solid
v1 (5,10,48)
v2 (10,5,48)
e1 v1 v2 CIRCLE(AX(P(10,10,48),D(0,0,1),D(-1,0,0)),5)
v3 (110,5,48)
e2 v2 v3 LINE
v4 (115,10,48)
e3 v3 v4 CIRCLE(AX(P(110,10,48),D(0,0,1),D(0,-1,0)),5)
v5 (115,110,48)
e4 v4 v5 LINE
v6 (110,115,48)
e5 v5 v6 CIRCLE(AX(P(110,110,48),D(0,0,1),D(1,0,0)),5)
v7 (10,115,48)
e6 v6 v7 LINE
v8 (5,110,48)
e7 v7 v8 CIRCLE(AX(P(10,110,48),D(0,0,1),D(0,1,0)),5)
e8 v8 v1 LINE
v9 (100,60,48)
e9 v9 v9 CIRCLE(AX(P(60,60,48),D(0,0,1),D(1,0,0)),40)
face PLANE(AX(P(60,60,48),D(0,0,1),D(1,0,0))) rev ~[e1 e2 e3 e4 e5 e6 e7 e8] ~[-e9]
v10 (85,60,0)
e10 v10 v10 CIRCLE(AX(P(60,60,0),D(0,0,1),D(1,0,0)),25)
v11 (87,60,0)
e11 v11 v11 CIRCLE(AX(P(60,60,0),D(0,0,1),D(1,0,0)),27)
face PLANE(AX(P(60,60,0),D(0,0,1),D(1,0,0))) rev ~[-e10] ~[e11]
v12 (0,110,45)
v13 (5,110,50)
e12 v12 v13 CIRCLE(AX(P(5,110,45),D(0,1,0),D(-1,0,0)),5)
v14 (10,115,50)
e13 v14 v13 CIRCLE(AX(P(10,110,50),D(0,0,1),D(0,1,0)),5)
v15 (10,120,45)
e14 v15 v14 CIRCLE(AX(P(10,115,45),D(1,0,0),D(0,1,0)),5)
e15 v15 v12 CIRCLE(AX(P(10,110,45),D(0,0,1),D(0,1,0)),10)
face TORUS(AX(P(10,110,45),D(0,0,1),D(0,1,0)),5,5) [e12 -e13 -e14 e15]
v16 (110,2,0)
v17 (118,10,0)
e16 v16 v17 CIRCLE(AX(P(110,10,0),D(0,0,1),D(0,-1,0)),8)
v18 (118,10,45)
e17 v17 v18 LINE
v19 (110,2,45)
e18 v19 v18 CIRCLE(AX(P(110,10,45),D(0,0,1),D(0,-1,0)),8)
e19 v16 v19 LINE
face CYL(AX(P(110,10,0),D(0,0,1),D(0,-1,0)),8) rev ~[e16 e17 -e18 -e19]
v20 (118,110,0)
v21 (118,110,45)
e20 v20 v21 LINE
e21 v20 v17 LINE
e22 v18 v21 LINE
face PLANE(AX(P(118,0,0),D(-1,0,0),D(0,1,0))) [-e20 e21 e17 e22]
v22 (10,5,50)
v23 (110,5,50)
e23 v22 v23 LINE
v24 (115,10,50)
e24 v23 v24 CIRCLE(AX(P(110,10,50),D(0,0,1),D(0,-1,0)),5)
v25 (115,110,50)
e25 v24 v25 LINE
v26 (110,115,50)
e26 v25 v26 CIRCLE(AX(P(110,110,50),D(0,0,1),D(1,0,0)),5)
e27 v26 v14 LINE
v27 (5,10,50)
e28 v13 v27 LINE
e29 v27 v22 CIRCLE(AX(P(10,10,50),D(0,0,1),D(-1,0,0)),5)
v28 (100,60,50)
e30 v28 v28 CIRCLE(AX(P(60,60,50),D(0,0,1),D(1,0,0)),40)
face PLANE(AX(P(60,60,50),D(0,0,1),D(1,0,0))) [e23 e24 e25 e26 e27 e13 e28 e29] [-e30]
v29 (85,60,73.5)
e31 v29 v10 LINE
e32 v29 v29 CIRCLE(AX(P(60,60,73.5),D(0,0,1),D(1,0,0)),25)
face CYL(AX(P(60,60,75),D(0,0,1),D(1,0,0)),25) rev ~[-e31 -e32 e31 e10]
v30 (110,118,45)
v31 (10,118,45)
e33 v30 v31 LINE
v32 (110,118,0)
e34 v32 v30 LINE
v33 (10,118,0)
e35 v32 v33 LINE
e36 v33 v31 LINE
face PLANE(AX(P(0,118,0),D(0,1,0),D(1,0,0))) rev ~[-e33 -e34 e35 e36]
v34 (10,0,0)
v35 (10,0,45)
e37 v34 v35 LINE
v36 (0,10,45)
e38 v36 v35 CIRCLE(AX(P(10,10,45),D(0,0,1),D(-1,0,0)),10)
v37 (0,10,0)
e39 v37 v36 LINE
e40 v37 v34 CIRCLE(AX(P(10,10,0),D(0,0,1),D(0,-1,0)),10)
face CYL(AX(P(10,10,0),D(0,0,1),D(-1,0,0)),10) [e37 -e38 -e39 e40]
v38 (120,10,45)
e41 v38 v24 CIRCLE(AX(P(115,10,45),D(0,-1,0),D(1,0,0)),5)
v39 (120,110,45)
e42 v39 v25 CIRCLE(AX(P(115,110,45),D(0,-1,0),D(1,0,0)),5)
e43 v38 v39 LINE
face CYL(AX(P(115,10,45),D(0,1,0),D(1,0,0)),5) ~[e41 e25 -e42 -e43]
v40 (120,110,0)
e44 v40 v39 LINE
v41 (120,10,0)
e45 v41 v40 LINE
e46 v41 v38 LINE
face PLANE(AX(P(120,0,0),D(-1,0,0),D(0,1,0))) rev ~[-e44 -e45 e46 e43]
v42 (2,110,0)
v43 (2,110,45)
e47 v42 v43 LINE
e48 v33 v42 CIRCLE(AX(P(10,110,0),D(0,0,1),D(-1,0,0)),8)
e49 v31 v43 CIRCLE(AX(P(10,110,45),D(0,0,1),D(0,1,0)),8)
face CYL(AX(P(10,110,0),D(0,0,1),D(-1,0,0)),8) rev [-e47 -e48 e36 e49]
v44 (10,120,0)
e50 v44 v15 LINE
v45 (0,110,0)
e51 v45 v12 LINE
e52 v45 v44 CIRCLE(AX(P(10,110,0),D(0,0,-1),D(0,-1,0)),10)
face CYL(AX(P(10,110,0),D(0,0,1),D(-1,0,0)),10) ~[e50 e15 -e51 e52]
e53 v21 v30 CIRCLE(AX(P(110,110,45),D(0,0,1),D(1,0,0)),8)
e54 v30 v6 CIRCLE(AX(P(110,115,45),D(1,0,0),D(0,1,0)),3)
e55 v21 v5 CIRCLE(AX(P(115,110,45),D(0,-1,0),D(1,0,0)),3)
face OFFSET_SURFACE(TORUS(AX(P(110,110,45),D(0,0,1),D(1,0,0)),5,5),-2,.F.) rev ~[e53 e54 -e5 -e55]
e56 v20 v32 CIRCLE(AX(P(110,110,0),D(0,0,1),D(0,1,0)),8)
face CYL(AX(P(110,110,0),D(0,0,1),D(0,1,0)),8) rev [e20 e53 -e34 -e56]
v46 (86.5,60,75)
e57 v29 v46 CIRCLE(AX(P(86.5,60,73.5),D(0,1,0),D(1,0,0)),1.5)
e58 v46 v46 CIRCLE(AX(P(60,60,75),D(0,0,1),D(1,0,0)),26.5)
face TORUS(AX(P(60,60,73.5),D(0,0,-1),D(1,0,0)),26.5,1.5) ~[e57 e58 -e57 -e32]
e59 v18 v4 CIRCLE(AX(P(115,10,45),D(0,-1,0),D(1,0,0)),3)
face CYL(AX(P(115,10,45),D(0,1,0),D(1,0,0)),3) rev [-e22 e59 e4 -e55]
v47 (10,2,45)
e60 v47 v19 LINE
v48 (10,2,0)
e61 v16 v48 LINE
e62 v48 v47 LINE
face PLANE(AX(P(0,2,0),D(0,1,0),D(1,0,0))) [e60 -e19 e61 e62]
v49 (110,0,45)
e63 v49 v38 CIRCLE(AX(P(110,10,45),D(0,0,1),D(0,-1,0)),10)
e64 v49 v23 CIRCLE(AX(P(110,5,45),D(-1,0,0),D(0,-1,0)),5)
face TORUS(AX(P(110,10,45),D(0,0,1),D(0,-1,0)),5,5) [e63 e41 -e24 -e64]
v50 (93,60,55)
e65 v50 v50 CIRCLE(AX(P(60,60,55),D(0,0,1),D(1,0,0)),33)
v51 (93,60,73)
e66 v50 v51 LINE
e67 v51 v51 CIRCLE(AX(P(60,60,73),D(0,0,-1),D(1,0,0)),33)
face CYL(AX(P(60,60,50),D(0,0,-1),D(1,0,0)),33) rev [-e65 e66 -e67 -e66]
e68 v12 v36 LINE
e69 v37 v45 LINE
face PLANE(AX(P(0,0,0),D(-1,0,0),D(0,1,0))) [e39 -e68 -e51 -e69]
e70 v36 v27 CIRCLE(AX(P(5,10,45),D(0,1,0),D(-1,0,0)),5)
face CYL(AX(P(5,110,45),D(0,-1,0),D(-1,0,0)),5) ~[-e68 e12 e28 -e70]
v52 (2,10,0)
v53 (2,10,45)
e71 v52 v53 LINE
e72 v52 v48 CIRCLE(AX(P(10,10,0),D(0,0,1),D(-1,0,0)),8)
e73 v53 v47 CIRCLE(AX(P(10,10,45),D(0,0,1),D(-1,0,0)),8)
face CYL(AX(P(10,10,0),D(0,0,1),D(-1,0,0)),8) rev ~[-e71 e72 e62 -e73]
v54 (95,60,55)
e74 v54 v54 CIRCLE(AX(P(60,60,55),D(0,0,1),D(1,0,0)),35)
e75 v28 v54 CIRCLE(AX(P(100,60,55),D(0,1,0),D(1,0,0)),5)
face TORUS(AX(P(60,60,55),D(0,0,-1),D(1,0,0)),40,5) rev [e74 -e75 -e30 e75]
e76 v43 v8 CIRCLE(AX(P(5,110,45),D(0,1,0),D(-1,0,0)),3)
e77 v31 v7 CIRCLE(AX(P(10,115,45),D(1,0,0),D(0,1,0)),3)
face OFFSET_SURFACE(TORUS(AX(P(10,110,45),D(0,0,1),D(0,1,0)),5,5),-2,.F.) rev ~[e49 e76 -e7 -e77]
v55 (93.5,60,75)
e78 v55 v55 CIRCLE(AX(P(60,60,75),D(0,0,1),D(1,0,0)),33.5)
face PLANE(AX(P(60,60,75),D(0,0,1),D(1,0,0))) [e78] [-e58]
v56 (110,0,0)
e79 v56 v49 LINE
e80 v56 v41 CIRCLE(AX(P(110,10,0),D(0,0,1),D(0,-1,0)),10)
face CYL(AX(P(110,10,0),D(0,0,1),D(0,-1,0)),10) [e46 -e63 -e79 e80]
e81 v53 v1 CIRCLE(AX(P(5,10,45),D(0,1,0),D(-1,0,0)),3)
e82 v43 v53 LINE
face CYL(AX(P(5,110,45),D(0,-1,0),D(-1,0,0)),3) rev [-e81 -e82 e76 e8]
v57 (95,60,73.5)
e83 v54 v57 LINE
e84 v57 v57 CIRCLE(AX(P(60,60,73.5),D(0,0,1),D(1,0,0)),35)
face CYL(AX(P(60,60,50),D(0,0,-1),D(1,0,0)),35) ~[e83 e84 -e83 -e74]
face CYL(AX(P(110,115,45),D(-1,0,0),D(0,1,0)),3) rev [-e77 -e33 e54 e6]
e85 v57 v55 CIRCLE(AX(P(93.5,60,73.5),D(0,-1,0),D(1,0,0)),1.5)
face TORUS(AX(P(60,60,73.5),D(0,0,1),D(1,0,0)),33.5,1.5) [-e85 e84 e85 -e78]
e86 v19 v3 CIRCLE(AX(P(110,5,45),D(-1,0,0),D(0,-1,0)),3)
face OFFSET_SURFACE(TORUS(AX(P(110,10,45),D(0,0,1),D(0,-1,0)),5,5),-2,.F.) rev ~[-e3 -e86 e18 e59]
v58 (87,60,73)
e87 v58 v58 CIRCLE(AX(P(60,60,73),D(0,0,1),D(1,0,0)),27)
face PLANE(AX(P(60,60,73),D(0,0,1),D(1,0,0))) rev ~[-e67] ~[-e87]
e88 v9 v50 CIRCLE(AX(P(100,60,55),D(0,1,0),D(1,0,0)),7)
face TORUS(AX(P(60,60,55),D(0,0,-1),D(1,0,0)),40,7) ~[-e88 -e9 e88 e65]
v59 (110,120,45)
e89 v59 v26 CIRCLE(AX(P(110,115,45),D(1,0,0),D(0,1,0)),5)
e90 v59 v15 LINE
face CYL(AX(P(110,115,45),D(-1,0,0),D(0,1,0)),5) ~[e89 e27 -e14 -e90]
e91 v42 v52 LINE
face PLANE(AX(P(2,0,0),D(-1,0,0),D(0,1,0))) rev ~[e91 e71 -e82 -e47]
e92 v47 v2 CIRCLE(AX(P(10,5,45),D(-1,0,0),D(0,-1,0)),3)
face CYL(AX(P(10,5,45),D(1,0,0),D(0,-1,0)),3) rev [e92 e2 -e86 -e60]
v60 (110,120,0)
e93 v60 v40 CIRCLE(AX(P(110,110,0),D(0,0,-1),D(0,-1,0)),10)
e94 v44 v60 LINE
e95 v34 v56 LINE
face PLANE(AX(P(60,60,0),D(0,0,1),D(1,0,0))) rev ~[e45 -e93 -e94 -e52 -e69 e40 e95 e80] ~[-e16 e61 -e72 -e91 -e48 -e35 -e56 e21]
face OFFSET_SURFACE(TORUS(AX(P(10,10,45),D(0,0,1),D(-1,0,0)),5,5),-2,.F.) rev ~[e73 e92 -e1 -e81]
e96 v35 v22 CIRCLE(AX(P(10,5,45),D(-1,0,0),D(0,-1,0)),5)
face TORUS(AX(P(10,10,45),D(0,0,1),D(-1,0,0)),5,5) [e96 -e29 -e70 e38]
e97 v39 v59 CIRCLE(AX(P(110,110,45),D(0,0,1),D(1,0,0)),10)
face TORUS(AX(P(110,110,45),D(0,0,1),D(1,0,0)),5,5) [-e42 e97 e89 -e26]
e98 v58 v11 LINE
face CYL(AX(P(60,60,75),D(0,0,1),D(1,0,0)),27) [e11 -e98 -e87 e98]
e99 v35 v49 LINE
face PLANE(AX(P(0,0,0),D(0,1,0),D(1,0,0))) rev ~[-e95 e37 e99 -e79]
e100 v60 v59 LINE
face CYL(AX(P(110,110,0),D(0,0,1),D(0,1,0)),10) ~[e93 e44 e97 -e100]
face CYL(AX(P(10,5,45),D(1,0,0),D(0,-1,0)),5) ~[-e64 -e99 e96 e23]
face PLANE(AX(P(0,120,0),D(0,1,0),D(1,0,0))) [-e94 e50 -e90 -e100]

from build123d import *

# Parameters (mm, degrees)
SKETCH2_W           = 120
SKETCH2_H           = 120
BOSS_EXTRUDE2_DEPTH = 50
SKETCH6_R           = 35
BOSS_EXTRUDE3_DEPTH = 25
SKETCH11_R          = 25
CUT_EXTRUDE1_DEPTH  = 76
FILLET3_R           = 10
FILLET4_R           = 1.5
FILLET5_R           = 5
SHELL2_T            = -2


with BuildPart() as part:
    # Sketch2 → Boss-Extrude2 (new body)
    with BuildSketch(Plane.XY):
        with Locations((60, 60)):
            Rectangle(SKETCH2_W, SKETCH2_H)
    extrude(amount=BOSS_EXTRUDE2_DEPTH)

    # Sketch6 → Boss-Extrude3 (add)
    with BuildSketch(Plane.XY.offset(50)):
        with Locations((60, 60)):
            Circle(SKETCH6_R)
    extrude(amount=BOSS_EXTRUDE3_DEPTH)

    # Sketch11 → Cut-Extrude1 (cut, through all)
    with BuildSketch(Plane.XY.offset(75)):
        with Locations((60, 60)):
            Circle(SKETCH11_R)
    extrude(amount=-CUT_EXTRUDE1_DEPTH, mode=Mode.SUBTRACT)

    # Fillet3
    fillet3_edges = [part.edges().sort_by_distance(p)[0] for p in [
        (0, 120, 25),
        (120, 120, 25),
        (120, 0, 25),
        (0, 0, 25),
    ]]
    fillet(fillet3_edges, radius=FILLET3_R)

    # Fillet4
    fillet4_edges = [part.edges().sort_by_distance(p)[0] for p in [
        (25, 60, 75),
        (35, 60, 75),
    ]]
    fillet(fillet4_edges, radius=FILLET4_R)

    # Fillet5
    fillet5_edges = [part.edges().sort_by_distance(p)[0] for p in [
        (25, 60, 50),
        (60, 0, 50),
        (0, 60, 50),
        (120, 60, 50),
        (60, 120, 50),
        (117.071067812, 117.071067812, 50),
        (117.071067812, 2.928932188, 50),
        (2.928932188, 117.071067812, 50),
        (2.928932188, 2.928932188, 50),
    ]]
    fillet(fillet5_edges, radius=FILLET5_R)

    # Shell2
    shell2_openings = [part.faces().sort_by_distance(p)[0] for p in [
        (85, 60, 0),
    ]]
    offset(amount=SHELL2_T, openings=shell2_openings, kind=Kind.INTERSECTION)


solid = part.part
